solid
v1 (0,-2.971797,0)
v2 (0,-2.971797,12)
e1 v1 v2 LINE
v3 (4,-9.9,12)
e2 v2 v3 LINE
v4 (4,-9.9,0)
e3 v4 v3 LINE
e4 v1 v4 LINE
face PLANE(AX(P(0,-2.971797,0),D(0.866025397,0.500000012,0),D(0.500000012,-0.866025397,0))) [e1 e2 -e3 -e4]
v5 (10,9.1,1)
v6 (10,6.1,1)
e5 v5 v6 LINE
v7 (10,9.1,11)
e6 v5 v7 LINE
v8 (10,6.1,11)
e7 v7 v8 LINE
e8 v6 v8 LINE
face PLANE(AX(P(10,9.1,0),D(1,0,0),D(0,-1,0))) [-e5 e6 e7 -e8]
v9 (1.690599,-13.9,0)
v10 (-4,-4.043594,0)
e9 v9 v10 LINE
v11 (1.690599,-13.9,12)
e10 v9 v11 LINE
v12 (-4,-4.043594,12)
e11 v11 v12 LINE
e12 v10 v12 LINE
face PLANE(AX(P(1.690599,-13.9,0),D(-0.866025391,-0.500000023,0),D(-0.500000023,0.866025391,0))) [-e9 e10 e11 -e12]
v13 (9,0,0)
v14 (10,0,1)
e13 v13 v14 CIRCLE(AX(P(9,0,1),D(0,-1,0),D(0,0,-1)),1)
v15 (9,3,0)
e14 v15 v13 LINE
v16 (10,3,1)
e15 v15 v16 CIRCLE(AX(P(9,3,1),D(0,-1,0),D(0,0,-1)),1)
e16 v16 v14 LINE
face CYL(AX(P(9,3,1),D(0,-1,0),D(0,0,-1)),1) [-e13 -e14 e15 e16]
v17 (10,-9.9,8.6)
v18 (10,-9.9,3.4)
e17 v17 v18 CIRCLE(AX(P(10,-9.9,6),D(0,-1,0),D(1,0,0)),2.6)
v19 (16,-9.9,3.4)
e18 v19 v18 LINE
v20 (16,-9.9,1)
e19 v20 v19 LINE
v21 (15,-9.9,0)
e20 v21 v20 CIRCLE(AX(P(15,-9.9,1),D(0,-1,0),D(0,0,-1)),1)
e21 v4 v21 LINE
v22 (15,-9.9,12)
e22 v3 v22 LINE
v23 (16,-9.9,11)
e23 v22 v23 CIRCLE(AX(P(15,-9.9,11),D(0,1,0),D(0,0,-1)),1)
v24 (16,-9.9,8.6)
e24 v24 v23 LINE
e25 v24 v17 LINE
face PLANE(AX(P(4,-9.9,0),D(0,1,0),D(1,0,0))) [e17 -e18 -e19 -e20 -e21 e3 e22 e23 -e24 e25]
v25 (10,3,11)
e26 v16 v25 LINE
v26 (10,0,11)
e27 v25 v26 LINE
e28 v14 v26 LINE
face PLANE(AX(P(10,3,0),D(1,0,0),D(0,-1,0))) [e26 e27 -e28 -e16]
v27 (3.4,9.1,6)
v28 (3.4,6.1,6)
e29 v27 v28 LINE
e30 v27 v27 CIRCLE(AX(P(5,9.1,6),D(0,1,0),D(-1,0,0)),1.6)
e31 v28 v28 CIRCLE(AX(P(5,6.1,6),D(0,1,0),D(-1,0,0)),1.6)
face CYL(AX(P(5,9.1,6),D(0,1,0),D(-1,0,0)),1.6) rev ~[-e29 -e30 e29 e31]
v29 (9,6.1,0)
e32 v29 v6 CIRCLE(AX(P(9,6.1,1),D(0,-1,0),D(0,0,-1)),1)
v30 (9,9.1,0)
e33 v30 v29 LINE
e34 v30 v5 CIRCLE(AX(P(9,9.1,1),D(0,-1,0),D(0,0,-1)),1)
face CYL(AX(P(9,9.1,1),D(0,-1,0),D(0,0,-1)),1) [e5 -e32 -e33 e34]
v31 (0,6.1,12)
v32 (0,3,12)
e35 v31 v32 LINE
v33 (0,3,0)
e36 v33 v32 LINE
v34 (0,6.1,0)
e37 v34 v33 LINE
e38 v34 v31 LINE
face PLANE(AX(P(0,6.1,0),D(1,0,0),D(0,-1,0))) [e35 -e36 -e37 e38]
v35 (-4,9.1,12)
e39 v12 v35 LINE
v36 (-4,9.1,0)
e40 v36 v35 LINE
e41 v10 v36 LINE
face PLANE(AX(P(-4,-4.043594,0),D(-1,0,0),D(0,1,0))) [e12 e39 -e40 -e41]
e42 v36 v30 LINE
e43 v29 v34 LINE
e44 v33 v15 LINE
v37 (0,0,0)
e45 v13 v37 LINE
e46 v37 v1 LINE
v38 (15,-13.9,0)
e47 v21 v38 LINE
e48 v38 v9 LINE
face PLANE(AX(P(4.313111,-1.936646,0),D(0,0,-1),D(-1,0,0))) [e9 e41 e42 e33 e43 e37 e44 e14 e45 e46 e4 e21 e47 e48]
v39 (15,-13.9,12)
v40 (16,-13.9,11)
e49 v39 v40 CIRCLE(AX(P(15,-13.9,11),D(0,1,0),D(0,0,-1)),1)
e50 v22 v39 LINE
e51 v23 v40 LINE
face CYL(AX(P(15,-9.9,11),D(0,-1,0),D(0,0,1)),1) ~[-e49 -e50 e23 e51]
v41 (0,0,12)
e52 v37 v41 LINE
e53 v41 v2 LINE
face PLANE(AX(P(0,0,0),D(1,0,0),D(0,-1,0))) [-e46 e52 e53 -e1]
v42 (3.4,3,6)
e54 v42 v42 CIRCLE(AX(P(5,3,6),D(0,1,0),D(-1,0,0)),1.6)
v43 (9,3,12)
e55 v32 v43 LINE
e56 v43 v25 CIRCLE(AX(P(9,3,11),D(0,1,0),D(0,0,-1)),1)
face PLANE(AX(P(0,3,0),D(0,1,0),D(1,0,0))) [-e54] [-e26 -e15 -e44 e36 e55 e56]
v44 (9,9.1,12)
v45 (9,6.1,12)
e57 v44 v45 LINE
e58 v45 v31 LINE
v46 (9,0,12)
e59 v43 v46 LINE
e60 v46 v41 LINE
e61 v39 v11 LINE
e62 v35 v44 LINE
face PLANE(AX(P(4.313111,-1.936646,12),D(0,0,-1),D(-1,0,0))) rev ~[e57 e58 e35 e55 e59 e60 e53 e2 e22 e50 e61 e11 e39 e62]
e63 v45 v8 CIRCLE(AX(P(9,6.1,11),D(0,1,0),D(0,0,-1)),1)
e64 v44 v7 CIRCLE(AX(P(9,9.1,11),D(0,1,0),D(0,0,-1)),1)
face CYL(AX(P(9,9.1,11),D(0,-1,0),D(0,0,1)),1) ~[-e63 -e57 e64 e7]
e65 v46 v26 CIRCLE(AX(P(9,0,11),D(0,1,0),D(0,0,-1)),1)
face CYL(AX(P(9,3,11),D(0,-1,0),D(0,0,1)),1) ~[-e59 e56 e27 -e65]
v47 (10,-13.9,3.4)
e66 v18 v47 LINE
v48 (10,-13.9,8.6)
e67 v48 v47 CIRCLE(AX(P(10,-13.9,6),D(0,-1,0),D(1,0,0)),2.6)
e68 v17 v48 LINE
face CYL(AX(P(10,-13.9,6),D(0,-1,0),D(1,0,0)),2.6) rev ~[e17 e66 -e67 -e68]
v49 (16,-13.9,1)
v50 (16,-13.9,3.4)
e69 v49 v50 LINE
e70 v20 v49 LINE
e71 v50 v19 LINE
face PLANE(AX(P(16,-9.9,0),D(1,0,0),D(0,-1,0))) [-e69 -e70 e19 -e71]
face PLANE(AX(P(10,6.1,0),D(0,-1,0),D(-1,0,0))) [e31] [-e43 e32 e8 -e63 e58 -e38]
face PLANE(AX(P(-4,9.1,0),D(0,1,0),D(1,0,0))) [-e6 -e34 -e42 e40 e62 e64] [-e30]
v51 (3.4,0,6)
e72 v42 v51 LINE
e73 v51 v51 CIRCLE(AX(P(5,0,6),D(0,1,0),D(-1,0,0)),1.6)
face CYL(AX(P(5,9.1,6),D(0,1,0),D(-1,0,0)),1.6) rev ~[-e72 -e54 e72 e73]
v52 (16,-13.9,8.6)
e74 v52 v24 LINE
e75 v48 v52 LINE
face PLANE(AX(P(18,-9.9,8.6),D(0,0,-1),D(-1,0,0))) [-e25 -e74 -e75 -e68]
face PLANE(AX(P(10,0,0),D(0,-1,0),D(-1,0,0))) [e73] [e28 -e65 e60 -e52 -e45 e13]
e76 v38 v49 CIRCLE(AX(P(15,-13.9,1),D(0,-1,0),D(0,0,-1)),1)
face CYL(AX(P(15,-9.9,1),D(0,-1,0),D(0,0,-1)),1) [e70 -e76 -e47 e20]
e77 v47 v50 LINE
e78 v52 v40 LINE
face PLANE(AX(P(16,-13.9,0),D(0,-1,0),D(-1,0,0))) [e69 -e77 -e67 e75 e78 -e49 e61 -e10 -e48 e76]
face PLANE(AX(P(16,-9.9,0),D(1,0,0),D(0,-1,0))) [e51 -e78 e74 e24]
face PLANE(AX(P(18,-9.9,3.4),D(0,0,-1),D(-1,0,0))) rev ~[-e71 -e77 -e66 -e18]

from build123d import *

# Parameters (mm, degrees)
PAD_DEPTH       = 12
SKETCH001_R     = 2.6
POCKET_DEPTH    = 4
SKETCH002_R     = 1.6
POCKET001_DEPTH = 10
FILLET_R        = 1
SKETCH003_W     = 8
SKETCH003_H     = 5.2
POCKET002_DEPTH = 5


with BuildPart() as part:
    # Sketch → Pad (new body)
    with BuildSketch(Plane.XY):
        Polygon((-4, 9.1), (10, 9.1), (10, 6.1), (0, 6.1), (0, 3), (10, 3), (10, 0), (0, 0), (0, -2.971797), (4, -9.9), (16, -9.9), (16, -13.9), (1.690599, -13.9), (-4, -4.043594), align=None)
    extrude(amount=PAD_DEPTH)

    # Sketch001 (on Face13 of Pad) → Pocket (cut)
    with BuildSketch(Plane.XZ.offset(13.9)):
        with Locations((10, 6)):
            Circle(SKETCH001_R)
    extrude(amount=-POCKET_DEPTH, mode=Mode.SUBTRACT)

    # Sketch002 (on Face2 of Pocket) → Pocket001 (cut)
    with BuildSketch(Plane(origin=(0, 9.1, 0), x_dir=(-1, 0, 0), z_dir=(0, 1, 0))):
        with Locations((-5, 6)):
            Circle(SKETCH002_R)
    extrude(amount=-POCKET001_DEPTH, mode=Mode.SUBTRACT)

    # Fillet
    fillet_edges = [part.edges().sort_by_distance(p)[0] for p in [
        (10, 1.5, 12),
        (10, 7.6, 12),
        (10, 7.6, 0),
        (10, 1.5, 0),
        (16, -11.9, 12),
        (16, -11.9, 0),
    ]]
    fillet(fillet_edges, radius=FILLET_R)

    # Sketch003 (on Face16 of Fillet) → Pocket002 (cut)
    with BuildSketch(Plane(origin=(0, -9.9, 0), x_dir=(-1, 0, 0), z_dir=(0, 1, 0))):
        with Locations((-14, 6)):
            Rectangle(SKETCH003_W, SKETCH003_H)
    extrude(amount=-POCKET002_DEPTH, mode=Mode.SUBTRACT)


solid = part.part
